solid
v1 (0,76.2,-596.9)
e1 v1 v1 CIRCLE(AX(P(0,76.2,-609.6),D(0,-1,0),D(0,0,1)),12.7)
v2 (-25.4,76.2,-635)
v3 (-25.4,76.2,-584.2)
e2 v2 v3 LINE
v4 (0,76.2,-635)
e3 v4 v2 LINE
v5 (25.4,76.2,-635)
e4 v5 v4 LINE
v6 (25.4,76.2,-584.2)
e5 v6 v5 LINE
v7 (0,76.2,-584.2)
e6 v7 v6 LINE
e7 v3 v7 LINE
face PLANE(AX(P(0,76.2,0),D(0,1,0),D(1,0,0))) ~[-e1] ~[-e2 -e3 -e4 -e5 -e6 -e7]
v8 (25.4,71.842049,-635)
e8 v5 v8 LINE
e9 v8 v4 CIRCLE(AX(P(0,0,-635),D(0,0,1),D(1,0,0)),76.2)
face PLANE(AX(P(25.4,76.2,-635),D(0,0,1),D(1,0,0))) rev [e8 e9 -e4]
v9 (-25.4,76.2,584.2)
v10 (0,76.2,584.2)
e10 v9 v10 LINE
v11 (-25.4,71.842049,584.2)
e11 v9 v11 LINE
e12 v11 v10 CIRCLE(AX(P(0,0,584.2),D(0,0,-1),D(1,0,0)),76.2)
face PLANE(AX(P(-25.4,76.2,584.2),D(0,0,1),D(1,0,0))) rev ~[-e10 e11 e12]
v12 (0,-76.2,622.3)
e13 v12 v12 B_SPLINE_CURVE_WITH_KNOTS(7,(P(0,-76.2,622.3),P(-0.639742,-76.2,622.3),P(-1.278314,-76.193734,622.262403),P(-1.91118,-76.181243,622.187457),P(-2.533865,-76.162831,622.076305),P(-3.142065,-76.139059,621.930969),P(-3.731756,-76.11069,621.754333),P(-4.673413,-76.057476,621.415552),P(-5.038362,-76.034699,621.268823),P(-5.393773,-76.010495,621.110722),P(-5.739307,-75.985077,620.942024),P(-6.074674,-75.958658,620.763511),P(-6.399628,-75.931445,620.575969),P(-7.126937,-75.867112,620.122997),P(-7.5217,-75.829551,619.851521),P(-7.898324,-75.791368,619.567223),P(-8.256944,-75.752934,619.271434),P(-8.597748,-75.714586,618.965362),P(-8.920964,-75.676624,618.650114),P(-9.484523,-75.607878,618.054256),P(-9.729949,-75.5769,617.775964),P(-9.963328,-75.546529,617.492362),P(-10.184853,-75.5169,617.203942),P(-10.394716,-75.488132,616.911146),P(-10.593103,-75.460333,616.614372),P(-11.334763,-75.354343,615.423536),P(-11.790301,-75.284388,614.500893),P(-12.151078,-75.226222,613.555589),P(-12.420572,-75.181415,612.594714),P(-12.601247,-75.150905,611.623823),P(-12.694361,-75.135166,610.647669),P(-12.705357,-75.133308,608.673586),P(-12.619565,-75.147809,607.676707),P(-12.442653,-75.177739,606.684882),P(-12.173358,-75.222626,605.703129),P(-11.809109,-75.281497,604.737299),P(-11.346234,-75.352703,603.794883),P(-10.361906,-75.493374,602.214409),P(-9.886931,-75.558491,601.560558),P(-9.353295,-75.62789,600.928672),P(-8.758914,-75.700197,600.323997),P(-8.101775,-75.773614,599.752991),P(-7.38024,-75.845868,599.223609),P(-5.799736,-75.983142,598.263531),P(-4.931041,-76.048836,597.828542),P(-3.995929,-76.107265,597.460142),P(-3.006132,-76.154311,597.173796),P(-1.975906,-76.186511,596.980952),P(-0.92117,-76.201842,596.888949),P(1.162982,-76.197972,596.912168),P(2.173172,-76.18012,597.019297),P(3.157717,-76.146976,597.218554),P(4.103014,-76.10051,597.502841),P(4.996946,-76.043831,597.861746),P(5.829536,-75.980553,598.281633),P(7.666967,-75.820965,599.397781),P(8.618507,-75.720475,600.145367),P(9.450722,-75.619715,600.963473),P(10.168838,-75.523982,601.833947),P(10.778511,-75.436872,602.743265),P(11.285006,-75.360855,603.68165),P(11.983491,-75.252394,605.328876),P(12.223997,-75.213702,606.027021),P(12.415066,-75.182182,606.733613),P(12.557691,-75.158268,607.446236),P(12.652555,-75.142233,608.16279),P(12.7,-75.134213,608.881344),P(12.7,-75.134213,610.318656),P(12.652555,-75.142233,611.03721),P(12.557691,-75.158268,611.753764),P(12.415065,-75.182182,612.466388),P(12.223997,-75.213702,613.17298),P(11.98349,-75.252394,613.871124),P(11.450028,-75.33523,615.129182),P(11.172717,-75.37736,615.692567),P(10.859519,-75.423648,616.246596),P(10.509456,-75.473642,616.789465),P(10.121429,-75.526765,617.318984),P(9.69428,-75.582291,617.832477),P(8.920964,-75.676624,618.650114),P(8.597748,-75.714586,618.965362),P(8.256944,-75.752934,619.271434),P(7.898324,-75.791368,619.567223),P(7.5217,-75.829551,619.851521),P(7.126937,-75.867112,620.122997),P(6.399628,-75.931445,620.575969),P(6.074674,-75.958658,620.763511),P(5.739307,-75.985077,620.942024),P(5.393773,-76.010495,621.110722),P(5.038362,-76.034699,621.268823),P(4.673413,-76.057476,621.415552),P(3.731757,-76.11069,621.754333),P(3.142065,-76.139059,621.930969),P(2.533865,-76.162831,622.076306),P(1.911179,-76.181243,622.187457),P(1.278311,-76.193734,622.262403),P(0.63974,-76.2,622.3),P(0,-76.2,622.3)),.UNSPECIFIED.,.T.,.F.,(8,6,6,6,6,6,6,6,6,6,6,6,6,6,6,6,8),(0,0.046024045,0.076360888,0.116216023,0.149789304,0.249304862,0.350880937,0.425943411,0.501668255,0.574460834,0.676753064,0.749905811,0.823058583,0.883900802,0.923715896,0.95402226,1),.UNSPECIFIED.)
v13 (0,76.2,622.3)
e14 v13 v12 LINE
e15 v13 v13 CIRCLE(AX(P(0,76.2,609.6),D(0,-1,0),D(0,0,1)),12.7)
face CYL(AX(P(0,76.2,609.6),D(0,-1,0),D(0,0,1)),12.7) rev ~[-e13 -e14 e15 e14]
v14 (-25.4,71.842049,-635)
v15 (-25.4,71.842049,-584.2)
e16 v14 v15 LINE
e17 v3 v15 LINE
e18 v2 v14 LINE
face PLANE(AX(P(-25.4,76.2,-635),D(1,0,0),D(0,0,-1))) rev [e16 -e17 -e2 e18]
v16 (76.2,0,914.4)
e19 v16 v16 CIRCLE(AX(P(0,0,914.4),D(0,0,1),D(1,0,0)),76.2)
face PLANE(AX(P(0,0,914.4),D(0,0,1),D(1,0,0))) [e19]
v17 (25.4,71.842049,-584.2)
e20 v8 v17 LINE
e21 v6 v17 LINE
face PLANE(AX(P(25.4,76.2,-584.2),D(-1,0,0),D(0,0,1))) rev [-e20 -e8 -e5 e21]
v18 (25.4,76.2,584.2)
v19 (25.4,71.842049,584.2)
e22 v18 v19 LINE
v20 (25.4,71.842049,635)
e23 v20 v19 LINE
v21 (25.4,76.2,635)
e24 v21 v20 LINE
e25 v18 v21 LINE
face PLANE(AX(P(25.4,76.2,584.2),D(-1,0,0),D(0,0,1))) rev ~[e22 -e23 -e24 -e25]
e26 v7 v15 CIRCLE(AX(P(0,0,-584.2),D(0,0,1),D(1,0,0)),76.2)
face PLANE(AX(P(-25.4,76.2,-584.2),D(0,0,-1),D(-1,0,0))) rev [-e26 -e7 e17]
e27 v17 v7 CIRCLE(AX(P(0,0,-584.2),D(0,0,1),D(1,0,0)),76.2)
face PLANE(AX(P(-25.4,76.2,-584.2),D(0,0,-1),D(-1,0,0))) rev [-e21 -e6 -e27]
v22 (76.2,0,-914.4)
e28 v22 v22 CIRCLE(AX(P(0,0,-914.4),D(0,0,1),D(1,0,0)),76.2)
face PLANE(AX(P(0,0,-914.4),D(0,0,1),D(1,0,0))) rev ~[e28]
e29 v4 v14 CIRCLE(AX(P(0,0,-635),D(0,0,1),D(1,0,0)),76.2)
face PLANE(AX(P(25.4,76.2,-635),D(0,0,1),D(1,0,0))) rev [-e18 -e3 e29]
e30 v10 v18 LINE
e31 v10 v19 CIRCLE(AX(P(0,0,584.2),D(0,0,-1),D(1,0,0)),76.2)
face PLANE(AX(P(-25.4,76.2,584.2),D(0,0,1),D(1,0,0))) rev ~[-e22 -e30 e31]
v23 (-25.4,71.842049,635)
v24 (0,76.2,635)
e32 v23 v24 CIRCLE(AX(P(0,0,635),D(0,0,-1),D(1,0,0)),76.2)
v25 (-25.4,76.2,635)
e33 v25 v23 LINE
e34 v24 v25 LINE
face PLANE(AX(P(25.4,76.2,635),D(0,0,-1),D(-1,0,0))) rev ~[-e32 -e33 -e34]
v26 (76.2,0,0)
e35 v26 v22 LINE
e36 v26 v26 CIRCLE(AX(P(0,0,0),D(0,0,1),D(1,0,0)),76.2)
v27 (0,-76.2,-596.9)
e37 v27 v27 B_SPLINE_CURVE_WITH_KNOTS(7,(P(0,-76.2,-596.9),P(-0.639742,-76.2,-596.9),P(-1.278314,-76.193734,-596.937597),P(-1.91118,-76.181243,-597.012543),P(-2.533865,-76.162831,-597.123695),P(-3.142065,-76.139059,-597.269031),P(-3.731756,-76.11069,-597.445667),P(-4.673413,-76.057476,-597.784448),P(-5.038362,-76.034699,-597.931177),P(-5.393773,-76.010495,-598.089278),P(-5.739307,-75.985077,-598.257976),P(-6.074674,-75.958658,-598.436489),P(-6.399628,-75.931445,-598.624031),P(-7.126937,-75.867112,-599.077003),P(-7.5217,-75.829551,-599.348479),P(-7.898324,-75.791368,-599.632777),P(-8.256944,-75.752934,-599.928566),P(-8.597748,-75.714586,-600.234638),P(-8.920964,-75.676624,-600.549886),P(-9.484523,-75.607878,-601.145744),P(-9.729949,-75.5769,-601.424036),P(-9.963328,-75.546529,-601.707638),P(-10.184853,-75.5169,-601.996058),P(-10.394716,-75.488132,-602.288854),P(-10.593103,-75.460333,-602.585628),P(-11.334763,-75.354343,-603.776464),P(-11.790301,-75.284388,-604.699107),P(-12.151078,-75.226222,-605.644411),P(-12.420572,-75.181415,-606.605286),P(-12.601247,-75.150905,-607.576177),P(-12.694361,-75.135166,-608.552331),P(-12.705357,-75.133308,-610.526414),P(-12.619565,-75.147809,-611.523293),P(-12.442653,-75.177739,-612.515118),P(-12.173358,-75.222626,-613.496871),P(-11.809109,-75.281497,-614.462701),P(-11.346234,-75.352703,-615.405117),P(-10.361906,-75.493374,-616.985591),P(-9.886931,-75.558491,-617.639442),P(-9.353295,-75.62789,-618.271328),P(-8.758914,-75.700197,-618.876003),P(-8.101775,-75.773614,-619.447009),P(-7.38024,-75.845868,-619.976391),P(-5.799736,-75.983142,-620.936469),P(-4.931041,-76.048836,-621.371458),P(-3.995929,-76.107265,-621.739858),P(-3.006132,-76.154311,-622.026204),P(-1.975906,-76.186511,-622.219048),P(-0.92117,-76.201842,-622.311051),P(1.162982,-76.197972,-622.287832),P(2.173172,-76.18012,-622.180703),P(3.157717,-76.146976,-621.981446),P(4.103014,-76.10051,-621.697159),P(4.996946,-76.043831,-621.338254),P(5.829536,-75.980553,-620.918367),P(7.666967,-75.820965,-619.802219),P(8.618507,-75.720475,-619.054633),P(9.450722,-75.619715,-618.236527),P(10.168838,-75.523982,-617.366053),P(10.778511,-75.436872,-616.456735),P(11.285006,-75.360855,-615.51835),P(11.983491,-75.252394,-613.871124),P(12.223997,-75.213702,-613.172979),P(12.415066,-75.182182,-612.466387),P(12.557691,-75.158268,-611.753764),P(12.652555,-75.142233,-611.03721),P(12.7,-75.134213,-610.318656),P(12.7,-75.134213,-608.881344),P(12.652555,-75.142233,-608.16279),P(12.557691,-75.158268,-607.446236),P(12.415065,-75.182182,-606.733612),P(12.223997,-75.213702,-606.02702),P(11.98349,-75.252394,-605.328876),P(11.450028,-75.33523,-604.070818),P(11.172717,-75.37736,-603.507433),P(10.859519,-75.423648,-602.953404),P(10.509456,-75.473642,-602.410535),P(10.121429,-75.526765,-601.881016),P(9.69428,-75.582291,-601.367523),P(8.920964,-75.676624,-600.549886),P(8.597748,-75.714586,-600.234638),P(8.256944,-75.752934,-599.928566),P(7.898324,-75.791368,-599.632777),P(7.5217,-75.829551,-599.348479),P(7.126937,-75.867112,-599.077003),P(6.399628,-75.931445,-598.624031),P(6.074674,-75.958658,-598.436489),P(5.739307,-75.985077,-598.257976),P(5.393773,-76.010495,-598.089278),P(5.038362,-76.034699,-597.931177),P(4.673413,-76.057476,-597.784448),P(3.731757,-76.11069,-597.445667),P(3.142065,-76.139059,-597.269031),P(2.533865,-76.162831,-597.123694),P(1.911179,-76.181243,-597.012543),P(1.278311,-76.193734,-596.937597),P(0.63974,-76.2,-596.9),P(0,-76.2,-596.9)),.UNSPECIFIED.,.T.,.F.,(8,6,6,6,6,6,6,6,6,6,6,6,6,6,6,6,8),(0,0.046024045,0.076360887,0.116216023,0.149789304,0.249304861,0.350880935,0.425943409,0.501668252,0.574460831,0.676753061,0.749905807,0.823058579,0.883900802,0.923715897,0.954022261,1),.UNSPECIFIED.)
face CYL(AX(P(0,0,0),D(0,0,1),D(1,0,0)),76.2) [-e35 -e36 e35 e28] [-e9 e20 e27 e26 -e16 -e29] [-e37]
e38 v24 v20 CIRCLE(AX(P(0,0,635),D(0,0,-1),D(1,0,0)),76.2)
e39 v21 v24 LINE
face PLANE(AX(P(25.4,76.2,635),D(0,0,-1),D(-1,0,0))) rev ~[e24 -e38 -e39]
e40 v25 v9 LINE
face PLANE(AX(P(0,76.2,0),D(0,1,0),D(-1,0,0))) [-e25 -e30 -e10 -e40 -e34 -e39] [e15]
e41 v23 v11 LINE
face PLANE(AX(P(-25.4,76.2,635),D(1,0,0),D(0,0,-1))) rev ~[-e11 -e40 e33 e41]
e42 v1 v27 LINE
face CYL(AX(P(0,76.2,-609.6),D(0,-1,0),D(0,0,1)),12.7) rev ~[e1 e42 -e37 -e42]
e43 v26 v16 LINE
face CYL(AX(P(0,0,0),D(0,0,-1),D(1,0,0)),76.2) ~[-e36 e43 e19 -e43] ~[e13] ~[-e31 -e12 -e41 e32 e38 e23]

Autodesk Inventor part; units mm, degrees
ref_plane "YZ Plane" through (0, 0, 0) normal (1, 0, 0) x (0, 1, 0)
ref_plane "XY Plane" through (0, 0, 0) normal (0, 0, 1) x (1, 0, 0)
sketch "Sketch1" plane through (0, 0, 0) normal (0, 0, 1) x (1, 0, 0)
  circle A0 centre (0, 0) radius 76.2
  dimension "d0" = 152.4
extrude "Extrusion1" add sketch "Sketch1" along normal mid plane 1828.8
ref_plane "Work Plane2" through (0, 76.2, 0) normal (0, 1, 0) x (-1, 0, 0)
sketch "Sketch4" plane through (0, 76.2, 0) normal (0, 1, 0) x (-1, 0, 0)
  line L0 (25.4, 635) -> (25.4, 584.2)
  line L1 (25.4, 584.2) -> (-25.4, 584.2)
  line L2 (-25.4, 584.2) -> (-25.4, 635)
  line L3 (-25.4, 635) -> (25.4, 635)
  line L4 (25.4, 635) -> (-25.4, 584.2) construction
  line L5 (25.4, 584.2) -> (-25.4, 635) construction
  line L6 (76.2, 914.4) -> (-76.2, 914.4) projected
  point P0 (0, 0)
  point P1 (0, 609.6)
  dimension "d17" = 50.8
  dimension "d19" = 304.8
extrude "Extrusion3" add sketch "Sketch4" against normal blind 25.4
mirror "Mirror1" about plane through (0, 0, 0) normal (0, 0, 1) of "Extrusion3"
sketch "Sketch5" plane through (0, 76.2, 0) normal (0, 1, 0) x (1, 0, 0)
  line L0 (76.2, 914.4) -> (-76.2, 914.4) projected
  line L1 (-76.2, -914.4) -> (76.2, -914.4) projected
  point P0 (0, 0)
  point P1 (0, -609.6)
  point P2 (0, 609.6)
  dimension "d22" = 304.8
  dimension "d23" = 304.8
hole "Hole2" at (0, 76.2, 609.6) at (0, 76.2, -609.6) direction (0, -1, 0) diameter 25.4 end through all
properties part number "CrossMember" material "Wood (Walnut)"
